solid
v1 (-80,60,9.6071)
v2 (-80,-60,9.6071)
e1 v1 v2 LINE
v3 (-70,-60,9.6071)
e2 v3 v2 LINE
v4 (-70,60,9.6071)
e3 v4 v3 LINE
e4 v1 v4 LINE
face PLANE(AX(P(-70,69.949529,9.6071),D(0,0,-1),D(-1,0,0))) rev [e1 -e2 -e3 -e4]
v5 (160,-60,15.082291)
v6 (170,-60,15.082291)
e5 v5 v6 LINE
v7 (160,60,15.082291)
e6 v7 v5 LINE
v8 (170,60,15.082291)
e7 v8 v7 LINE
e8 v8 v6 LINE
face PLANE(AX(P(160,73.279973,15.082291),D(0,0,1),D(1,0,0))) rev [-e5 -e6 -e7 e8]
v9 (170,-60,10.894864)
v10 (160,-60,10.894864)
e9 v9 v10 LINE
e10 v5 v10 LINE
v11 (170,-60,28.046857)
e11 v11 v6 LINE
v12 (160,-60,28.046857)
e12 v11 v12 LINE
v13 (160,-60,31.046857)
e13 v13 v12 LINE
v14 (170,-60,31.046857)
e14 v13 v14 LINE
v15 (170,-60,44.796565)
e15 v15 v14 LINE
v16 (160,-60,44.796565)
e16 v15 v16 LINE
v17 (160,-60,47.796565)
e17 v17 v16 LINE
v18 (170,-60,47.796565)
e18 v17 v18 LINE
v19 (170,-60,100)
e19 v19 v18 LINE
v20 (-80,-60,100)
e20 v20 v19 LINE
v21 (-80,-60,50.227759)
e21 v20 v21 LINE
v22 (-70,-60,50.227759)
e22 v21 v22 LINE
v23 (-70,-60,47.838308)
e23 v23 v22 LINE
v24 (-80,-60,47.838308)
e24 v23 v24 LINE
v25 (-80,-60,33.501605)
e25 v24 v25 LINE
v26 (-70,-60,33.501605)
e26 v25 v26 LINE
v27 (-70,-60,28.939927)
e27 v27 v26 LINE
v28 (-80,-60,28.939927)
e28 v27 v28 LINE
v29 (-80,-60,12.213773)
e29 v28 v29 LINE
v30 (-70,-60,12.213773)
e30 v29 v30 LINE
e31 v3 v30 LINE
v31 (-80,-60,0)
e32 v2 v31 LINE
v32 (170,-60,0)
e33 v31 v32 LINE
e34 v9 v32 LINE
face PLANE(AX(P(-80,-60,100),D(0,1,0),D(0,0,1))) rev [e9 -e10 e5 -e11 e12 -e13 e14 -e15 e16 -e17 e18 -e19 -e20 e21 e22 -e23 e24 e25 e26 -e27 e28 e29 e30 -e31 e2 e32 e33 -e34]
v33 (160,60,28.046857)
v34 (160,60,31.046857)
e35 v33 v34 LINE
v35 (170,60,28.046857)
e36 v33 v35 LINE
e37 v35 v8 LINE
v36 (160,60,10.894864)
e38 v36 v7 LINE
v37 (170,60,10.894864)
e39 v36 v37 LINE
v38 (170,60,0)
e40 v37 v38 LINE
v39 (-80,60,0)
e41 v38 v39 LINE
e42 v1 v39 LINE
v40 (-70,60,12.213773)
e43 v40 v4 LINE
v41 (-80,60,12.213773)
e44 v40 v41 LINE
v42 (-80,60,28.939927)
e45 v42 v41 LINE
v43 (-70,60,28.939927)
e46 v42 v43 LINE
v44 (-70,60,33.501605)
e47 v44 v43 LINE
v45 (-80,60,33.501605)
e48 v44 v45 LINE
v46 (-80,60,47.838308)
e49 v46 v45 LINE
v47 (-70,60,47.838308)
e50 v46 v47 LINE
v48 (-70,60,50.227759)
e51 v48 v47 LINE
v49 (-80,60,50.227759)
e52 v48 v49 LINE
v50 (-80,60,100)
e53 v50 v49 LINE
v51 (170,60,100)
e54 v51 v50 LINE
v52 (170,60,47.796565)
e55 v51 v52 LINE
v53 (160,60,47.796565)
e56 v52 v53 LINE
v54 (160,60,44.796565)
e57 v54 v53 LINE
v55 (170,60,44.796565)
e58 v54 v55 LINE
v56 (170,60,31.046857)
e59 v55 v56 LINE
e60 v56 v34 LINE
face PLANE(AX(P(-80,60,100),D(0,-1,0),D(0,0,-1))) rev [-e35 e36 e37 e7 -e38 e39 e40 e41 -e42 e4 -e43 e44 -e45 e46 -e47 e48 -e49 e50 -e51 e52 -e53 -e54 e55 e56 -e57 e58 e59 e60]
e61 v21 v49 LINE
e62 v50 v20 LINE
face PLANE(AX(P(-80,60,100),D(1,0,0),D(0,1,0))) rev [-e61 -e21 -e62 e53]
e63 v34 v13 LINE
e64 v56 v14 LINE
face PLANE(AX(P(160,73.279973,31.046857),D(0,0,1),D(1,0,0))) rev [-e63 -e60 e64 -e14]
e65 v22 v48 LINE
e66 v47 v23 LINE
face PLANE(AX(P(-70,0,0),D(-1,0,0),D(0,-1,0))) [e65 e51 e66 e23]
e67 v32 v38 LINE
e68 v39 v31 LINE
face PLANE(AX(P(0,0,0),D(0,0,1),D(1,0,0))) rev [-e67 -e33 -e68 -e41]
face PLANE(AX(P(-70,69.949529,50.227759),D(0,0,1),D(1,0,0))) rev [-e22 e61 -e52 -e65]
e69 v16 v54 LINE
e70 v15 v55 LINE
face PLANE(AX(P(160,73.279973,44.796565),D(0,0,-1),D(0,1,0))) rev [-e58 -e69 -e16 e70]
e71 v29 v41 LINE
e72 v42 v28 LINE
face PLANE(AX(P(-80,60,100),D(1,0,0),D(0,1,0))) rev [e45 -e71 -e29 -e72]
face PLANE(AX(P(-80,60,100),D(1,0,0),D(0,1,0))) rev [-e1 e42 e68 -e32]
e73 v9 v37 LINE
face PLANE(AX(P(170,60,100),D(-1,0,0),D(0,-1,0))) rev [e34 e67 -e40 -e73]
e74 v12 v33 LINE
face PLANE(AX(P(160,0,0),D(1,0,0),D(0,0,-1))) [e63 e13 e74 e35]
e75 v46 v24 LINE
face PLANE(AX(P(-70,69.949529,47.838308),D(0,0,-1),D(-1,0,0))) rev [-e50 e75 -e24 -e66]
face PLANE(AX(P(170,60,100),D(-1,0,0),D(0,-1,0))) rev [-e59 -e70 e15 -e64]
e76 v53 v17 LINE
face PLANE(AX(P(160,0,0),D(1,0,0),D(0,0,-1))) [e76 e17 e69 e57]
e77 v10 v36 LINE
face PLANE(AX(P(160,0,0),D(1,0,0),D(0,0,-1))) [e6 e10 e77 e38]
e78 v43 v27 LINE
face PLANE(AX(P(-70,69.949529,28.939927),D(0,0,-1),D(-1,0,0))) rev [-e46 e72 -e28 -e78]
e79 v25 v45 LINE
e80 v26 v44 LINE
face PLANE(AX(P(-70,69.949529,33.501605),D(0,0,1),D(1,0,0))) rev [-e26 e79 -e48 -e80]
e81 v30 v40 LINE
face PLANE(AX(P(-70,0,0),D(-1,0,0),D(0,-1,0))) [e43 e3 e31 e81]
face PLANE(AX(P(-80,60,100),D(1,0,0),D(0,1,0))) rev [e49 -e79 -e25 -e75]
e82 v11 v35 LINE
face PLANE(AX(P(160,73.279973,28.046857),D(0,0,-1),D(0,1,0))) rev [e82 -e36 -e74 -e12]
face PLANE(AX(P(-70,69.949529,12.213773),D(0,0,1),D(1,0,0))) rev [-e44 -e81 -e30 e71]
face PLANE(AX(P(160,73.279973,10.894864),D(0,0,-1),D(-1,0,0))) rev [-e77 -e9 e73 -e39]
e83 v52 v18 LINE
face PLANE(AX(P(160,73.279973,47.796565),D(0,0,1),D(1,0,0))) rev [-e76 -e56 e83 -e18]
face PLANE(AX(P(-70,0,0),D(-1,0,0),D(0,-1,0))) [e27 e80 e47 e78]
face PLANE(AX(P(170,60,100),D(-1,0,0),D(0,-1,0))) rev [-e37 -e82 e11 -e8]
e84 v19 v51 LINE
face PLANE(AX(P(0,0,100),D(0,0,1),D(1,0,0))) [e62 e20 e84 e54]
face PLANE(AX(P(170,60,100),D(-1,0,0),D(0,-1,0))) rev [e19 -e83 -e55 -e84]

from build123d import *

# Parameters (mm, degrees)
SKETCH_1_W          = 250
SKETCH_1_H          = 120
EXTRUDE_1_DEPTH     = 100
SKETCH_2_W          = 3
SKETCH_2_H          = 141.063947636
SKETCH_2_W_2        = 4.187427017
CUT_EXTRUDE_1_DEPTH = 10
SKETCH_3_W          = 2.606673318
SKETCH_3_H          = 138.805354188
SKETCH_3_W_2        = 4.561678307
SKETCH_3_W_3        = 2.389450542
CUT_EXTRUDE_2_DEPTH = 10


with BuildPart() as part:
    # 스케치1 → 보스-돌출1 (new body)
    with BuildSketch(Plane.XY):
        with Locations((45, 0)):
            Rectangle(SKETCH_1_W, SKETCH_1_H)
    extrude(amount=EXTRUDE_1_DEPTH)

    # 스케치2 → 컷-돌출1 (cut)
    with BuildSketch(Plane(origin=(170, 0, 0), x_dir=(0, 0, -1), z_dir=(1, 0, 0))):
        with Locations((-46.296564822, 2.74799898)):
            Rectangle(SKETCH_2_W, SKETCH_2_H)
        with Locations((-29.546856754, 2.74799898)):
            Rectangle(SKETCH_2_W, SKETCH_2_H)
        with Locations((-12.988577744, 2.74799898)):
            Rectangle(SKETCH_2_W_2, SKETCH_2_H)
    extrude(amount=-CUT_EXTRUDE_1_DEPTH, mode=Mode.SUBTRACT)

    # 스케치3 → 컷-돌출2 (cut)
    with BuildSketch(Plane.ZY.offset(80)):
        with Locations((10.910436229, 0.546851797)):
            Rectangle(SKETCH_3_W, SKETCH_3_H)
        with Locations((31.220765833, 0.546851797)):
            Rectangle(SKETCH_3_W_2, SKETCH_3_H)
        with Locations((49.033033506, 0.546851797)):
            Rectangle(SKETCH_3_W_3, SKETCH_3_H)
    extrude(amount=-CUT_EXTRUDE_2_DEPTH, mode=Mode.SUBTRACT)


solid = part.part
